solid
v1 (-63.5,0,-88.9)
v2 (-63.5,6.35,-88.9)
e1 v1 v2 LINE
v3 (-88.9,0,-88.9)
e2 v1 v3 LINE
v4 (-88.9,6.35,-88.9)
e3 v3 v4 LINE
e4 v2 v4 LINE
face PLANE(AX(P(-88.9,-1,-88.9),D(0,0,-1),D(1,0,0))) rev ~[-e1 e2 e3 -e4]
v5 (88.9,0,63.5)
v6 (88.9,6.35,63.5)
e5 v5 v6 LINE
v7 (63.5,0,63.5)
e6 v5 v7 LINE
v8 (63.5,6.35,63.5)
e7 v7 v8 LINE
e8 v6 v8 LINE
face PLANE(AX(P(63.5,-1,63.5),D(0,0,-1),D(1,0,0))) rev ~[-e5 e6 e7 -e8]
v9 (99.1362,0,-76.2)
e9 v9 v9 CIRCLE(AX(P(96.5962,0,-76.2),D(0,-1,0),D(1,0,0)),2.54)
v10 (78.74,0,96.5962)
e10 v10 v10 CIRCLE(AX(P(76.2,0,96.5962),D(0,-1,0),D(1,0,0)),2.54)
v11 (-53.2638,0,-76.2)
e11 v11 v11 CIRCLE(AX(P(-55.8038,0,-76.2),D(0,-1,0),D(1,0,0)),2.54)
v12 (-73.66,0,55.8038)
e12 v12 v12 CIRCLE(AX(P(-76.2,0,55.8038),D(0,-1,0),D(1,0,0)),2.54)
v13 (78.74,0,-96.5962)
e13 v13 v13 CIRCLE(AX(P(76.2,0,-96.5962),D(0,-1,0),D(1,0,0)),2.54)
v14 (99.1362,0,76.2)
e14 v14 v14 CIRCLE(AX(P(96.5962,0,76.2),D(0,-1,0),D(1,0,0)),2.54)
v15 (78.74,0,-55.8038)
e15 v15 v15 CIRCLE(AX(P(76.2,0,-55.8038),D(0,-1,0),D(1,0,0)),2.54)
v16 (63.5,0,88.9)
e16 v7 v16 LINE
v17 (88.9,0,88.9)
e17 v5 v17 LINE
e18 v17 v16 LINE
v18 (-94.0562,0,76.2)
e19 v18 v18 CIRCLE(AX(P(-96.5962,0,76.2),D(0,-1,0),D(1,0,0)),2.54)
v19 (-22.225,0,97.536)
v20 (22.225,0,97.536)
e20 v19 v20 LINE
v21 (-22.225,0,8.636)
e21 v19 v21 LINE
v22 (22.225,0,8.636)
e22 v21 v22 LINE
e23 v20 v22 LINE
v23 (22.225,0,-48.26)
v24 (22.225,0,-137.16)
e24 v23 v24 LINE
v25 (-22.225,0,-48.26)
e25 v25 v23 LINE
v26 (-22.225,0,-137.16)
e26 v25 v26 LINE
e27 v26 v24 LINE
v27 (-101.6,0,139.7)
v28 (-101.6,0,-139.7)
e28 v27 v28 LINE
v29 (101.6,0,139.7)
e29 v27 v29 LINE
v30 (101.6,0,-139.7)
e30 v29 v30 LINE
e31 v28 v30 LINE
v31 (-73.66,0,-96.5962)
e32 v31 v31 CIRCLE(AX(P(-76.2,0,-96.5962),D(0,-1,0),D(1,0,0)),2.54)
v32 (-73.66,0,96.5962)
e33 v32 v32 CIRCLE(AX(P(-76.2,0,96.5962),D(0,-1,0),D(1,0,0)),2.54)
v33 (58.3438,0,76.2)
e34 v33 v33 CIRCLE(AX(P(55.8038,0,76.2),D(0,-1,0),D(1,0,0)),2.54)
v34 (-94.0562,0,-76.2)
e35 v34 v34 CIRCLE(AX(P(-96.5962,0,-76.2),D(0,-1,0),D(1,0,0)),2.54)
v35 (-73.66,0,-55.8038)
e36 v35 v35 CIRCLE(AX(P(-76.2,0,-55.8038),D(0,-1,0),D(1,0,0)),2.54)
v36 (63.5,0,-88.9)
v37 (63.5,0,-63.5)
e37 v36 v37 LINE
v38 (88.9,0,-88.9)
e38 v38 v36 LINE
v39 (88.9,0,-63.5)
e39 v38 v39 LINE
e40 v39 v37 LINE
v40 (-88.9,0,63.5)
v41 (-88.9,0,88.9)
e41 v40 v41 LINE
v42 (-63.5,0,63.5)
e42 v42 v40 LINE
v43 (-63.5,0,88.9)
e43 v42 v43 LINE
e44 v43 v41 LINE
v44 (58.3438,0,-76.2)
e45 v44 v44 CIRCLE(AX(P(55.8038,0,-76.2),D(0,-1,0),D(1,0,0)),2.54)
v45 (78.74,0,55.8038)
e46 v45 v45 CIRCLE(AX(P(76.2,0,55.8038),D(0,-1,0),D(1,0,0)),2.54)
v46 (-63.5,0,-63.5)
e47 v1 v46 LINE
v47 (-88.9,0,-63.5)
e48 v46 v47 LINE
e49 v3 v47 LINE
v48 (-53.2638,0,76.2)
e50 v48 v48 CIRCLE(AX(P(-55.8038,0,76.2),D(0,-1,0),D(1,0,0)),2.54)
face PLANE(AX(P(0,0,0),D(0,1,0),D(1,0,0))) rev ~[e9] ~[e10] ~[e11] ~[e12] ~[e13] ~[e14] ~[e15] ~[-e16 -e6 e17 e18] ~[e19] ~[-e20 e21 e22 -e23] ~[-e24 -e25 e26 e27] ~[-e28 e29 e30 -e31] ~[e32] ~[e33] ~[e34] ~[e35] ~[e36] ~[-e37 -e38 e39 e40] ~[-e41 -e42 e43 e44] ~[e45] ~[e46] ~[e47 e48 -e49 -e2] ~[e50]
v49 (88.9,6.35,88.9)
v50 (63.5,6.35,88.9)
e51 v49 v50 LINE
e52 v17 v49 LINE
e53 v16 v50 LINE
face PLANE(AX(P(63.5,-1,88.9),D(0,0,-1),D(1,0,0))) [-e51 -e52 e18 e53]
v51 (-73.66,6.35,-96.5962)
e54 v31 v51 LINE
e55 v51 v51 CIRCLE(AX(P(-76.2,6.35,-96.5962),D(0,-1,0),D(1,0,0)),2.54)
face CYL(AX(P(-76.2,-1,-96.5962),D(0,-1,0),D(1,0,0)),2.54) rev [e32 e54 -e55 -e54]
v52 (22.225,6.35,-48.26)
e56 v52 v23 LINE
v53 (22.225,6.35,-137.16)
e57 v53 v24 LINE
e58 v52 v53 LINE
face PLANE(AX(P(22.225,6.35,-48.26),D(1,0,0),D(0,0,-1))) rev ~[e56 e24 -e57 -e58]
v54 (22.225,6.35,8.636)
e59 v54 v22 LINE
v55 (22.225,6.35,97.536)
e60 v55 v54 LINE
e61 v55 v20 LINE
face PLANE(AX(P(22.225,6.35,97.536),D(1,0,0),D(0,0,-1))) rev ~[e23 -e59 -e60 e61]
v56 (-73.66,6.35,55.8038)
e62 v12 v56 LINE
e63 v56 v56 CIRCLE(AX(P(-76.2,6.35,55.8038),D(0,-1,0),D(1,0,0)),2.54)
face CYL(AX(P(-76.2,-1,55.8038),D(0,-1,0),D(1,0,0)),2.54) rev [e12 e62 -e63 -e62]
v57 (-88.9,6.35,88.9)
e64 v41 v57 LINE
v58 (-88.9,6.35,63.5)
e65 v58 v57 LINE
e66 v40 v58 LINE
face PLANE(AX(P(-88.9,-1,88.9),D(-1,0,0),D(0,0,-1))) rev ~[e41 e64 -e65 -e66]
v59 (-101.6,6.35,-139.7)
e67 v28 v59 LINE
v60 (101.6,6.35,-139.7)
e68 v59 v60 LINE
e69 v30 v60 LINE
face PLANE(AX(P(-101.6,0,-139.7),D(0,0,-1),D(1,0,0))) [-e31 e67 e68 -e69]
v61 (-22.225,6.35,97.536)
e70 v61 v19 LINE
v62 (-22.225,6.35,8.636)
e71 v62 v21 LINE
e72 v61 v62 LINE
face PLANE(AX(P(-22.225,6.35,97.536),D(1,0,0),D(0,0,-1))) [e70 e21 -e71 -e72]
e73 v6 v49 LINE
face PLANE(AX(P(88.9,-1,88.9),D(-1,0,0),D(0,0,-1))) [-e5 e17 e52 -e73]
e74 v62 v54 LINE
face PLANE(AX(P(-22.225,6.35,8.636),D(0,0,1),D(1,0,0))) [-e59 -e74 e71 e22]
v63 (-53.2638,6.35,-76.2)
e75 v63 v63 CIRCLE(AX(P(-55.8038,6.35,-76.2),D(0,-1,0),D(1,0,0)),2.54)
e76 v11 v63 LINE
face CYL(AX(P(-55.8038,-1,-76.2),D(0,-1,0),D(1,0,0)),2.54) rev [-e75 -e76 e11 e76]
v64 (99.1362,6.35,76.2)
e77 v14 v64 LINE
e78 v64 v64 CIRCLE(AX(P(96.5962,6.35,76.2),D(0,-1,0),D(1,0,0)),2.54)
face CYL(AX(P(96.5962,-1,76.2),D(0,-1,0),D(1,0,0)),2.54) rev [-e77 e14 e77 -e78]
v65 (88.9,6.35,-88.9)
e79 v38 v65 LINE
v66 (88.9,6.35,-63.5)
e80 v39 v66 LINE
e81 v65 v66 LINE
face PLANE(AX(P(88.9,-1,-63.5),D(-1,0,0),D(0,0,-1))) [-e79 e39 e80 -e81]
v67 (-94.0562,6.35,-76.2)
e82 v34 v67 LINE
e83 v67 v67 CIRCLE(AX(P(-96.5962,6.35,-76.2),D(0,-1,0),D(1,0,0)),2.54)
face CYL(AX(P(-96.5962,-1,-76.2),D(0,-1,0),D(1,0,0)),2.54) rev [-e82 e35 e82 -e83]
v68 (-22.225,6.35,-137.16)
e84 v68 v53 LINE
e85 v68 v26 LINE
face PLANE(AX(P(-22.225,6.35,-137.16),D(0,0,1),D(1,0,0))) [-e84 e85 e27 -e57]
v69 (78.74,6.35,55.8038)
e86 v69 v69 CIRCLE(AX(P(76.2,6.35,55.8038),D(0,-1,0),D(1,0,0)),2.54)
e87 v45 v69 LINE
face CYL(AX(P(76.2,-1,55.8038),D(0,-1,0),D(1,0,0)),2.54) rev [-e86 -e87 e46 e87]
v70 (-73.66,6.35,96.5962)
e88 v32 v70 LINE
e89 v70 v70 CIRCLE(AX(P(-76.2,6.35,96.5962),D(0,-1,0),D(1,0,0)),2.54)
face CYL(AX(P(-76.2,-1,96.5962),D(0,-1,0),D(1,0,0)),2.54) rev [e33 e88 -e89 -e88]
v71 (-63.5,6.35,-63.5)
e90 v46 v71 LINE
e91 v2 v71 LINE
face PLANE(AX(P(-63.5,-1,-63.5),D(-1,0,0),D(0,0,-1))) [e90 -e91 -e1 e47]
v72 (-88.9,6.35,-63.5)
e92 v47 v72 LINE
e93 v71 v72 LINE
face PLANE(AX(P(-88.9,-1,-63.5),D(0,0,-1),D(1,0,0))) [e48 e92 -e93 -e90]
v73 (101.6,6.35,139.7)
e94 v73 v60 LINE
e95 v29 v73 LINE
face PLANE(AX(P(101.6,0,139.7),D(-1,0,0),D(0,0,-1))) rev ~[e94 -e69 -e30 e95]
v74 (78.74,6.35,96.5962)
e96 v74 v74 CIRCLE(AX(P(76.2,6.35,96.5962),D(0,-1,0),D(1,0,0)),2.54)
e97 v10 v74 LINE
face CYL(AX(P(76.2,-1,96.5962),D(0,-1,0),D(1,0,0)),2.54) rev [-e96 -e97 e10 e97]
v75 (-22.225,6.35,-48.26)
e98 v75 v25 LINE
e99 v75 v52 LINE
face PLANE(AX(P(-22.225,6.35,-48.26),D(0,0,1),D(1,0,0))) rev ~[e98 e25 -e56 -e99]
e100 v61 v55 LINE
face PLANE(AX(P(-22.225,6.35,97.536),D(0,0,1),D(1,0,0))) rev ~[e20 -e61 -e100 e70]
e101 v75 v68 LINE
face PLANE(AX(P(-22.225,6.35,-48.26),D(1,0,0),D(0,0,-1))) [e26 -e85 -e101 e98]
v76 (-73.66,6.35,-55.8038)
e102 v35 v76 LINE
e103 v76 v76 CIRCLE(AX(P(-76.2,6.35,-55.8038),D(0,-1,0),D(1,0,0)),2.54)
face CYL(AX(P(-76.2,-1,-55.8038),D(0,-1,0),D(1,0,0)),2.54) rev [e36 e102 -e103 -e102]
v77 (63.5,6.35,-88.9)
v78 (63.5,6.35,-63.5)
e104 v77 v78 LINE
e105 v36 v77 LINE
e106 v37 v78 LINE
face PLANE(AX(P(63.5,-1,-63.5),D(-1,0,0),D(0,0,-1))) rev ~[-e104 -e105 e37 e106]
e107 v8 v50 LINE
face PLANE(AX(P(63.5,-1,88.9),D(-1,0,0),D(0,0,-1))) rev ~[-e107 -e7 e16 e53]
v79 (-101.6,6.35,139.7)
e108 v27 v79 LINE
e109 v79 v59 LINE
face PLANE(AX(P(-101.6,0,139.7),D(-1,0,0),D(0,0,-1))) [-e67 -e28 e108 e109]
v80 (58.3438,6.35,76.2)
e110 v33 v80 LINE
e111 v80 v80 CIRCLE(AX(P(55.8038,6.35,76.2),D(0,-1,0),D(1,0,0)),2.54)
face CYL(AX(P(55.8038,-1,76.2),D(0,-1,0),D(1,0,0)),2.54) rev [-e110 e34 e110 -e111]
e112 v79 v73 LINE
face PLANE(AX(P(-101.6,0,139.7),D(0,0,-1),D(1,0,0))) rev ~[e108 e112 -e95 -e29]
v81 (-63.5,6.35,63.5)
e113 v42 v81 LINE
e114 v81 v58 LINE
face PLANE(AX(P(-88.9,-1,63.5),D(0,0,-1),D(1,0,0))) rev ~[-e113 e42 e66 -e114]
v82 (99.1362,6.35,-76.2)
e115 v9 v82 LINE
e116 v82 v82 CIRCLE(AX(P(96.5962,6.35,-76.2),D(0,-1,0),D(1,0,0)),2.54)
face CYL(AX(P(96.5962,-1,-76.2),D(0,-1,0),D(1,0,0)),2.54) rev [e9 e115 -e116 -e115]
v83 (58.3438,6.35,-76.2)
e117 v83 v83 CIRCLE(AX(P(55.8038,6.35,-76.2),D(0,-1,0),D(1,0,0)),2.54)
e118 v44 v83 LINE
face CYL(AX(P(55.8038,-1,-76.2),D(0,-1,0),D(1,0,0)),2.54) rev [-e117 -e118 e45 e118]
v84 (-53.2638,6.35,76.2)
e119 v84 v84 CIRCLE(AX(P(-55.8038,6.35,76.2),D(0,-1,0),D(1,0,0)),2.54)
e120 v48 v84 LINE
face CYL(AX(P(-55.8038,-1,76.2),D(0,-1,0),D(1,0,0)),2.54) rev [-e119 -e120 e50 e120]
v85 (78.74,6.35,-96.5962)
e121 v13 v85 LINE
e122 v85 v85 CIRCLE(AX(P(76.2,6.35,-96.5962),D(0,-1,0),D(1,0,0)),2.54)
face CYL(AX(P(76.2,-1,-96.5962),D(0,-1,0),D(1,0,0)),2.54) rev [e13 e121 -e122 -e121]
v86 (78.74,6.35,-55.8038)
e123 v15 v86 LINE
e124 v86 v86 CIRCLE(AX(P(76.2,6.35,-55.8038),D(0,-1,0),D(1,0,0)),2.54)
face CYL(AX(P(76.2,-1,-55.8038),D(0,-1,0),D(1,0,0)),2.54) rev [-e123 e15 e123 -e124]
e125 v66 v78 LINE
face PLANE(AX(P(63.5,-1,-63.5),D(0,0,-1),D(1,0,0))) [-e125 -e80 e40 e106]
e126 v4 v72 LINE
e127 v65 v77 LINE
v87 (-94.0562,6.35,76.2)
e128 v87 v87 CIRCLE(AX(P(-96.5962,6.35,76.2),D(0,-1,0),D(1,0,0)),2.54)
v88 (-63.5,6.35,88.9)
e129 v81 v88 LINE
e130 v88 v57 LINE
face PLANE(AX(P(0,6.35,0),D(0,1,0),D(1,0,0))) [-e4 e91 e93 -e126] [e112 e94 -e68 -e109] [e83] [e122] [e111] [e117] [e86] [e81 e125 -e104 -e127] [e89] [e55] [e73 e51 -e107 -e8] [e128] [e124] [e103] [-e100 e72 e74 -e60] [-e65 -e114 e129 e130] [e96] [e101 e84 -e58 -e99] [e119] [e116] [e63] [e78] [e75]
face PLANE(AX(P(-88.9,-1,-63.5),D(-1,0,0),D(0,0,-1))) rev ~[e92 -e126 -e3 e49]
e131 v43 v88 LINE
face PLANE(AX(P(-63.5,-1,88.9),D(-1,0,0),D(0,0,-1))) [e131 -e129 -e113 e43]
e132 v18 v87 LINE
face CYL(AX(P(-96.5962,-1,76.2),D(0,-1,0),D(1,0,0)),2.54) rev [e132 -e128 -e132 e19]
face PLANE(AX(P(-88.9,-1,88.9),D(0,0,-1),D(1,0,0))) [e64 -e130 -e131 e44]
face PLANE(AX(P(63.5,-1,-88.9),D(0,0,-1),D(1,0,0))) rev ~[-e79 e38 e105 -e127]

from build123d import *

# Parameters (mm, degrees)
SKETCH1_W               = 203.2
SKETCH1_H               = 279.4
BOSS_EXTRUDE1_DEPTH     = 6.35
CUT_EXTRUDE1_START      = -7.35
SKETCH2_R               = 2.54
SKETCH2_W               = 25.4
SKETCH2_H               = 25.4
CUT_EXTRUDE1_DEPTH      = 8.35
LPATTERN1_COUNT         = 2
LPATTERN1_PITCH         = 152.4
LPATTERN1_COUNT_DIR2    = 2
LPATTERN1_PITCH_DIR2    = 152.4
SKETCH3_W               = 44.45
SKETCH3_H               = 88.9
SKETCH3_R               = 10.16
CUT_EXTRUDE2_DEPTH      = 1
CUT_EXTRUDE2_DEPTH_BACK = 7.35


with BuildPart() as part:
    # Sketch1 → Boss-Extrude1 (new body)
    with BuildSketch(Plane(origin=(0, 0, 0), x_dir=(1, 0, 0), z_dir=(0, 1, 0))):
        Rectangle(SKETCH1_W, SKETCH1_H)
    extrude(amount=BOSS_EXTRUDE1_DEPTH)

    # Sketch2 → Cut-Extrude1 (cut)
    with BuildSketch(Plane(origin=(0, 6.35, 0), x_dir=(1, 0, 0), z_dir=(0, 1, 0)).offset(CUT_EXTRUDE1_START)):
        with Locations((-55.8038, 76.2)):
            Circle(SKETCH2_R)
        with Locations((-76.2, 55.8038)):
            Circle(SKETCH2_R)
        with Locations((-96.5962, 76.2)):
            Circle(SKETCH2_R)
        with Locations((-76.2, 96.5962)):
            Circle(SKETCH2_R)
        with Locations((-76.2, 76.2)):
            Rectangle(SKETCH2_W, SKETCH2_H)
    cut_extrude1 = extrude(amount=CUT_EXTRUDE1_DEPTH, mode=Mode.SUBTRACT)

    # LPattern1: Cut-Extrude1 2 × 2
    with Locations(*[(i * LPATTERN1_PITCH, 0, j * LPATTERN1_PITCH_DIR2) for i in range(LPATTERN1_COUNT) for j in range(LPATTERN1_COUNT_DIR2) if (i, j) != (0, 0)]):
        add(cut_extrude1, mode=Mode.SUBTRACT)

    # Sketch3 → Cut-Extrude2 (cut, two sides)
    with BuildSketch(Plane(origin=(0, 6.35, 0), x_dir=(1, 0, 0), z_dir=(0, 1, 0))) as cut_extrude2_sk:
        with Locations((0, 92.71)):
            Rectangle(SKETCH3_W, SKETCH3_H)
        with Locations((0, 76.2)):
            Circle(SKETCH3_R, mode=Mode.SUBTRACT)
        with Locations((0, -53.086)):
            Rectangle(SKETCH3_W, SKETCH3_H)
        with Locations((0, -76.2)):
            Circle(SKETCH3_R, mode=Mode.SUBTRACT)
        with Locations((0, 76.2)):
            Circle(SKETCH3_R)
        with Locations((0, -76.2)):
            Circle(SKETCH3_R)
    extrude(amount=CUT_EXTRUDE2_DEPTH, mode=Mode.SUBTRACT)
    extrude(cut_extrude2_sk.sketch, amount=-CUT_EXTRUDE2_DEPTH_BACK, mode=Mode.SUBTRACT)


solid = part.part
